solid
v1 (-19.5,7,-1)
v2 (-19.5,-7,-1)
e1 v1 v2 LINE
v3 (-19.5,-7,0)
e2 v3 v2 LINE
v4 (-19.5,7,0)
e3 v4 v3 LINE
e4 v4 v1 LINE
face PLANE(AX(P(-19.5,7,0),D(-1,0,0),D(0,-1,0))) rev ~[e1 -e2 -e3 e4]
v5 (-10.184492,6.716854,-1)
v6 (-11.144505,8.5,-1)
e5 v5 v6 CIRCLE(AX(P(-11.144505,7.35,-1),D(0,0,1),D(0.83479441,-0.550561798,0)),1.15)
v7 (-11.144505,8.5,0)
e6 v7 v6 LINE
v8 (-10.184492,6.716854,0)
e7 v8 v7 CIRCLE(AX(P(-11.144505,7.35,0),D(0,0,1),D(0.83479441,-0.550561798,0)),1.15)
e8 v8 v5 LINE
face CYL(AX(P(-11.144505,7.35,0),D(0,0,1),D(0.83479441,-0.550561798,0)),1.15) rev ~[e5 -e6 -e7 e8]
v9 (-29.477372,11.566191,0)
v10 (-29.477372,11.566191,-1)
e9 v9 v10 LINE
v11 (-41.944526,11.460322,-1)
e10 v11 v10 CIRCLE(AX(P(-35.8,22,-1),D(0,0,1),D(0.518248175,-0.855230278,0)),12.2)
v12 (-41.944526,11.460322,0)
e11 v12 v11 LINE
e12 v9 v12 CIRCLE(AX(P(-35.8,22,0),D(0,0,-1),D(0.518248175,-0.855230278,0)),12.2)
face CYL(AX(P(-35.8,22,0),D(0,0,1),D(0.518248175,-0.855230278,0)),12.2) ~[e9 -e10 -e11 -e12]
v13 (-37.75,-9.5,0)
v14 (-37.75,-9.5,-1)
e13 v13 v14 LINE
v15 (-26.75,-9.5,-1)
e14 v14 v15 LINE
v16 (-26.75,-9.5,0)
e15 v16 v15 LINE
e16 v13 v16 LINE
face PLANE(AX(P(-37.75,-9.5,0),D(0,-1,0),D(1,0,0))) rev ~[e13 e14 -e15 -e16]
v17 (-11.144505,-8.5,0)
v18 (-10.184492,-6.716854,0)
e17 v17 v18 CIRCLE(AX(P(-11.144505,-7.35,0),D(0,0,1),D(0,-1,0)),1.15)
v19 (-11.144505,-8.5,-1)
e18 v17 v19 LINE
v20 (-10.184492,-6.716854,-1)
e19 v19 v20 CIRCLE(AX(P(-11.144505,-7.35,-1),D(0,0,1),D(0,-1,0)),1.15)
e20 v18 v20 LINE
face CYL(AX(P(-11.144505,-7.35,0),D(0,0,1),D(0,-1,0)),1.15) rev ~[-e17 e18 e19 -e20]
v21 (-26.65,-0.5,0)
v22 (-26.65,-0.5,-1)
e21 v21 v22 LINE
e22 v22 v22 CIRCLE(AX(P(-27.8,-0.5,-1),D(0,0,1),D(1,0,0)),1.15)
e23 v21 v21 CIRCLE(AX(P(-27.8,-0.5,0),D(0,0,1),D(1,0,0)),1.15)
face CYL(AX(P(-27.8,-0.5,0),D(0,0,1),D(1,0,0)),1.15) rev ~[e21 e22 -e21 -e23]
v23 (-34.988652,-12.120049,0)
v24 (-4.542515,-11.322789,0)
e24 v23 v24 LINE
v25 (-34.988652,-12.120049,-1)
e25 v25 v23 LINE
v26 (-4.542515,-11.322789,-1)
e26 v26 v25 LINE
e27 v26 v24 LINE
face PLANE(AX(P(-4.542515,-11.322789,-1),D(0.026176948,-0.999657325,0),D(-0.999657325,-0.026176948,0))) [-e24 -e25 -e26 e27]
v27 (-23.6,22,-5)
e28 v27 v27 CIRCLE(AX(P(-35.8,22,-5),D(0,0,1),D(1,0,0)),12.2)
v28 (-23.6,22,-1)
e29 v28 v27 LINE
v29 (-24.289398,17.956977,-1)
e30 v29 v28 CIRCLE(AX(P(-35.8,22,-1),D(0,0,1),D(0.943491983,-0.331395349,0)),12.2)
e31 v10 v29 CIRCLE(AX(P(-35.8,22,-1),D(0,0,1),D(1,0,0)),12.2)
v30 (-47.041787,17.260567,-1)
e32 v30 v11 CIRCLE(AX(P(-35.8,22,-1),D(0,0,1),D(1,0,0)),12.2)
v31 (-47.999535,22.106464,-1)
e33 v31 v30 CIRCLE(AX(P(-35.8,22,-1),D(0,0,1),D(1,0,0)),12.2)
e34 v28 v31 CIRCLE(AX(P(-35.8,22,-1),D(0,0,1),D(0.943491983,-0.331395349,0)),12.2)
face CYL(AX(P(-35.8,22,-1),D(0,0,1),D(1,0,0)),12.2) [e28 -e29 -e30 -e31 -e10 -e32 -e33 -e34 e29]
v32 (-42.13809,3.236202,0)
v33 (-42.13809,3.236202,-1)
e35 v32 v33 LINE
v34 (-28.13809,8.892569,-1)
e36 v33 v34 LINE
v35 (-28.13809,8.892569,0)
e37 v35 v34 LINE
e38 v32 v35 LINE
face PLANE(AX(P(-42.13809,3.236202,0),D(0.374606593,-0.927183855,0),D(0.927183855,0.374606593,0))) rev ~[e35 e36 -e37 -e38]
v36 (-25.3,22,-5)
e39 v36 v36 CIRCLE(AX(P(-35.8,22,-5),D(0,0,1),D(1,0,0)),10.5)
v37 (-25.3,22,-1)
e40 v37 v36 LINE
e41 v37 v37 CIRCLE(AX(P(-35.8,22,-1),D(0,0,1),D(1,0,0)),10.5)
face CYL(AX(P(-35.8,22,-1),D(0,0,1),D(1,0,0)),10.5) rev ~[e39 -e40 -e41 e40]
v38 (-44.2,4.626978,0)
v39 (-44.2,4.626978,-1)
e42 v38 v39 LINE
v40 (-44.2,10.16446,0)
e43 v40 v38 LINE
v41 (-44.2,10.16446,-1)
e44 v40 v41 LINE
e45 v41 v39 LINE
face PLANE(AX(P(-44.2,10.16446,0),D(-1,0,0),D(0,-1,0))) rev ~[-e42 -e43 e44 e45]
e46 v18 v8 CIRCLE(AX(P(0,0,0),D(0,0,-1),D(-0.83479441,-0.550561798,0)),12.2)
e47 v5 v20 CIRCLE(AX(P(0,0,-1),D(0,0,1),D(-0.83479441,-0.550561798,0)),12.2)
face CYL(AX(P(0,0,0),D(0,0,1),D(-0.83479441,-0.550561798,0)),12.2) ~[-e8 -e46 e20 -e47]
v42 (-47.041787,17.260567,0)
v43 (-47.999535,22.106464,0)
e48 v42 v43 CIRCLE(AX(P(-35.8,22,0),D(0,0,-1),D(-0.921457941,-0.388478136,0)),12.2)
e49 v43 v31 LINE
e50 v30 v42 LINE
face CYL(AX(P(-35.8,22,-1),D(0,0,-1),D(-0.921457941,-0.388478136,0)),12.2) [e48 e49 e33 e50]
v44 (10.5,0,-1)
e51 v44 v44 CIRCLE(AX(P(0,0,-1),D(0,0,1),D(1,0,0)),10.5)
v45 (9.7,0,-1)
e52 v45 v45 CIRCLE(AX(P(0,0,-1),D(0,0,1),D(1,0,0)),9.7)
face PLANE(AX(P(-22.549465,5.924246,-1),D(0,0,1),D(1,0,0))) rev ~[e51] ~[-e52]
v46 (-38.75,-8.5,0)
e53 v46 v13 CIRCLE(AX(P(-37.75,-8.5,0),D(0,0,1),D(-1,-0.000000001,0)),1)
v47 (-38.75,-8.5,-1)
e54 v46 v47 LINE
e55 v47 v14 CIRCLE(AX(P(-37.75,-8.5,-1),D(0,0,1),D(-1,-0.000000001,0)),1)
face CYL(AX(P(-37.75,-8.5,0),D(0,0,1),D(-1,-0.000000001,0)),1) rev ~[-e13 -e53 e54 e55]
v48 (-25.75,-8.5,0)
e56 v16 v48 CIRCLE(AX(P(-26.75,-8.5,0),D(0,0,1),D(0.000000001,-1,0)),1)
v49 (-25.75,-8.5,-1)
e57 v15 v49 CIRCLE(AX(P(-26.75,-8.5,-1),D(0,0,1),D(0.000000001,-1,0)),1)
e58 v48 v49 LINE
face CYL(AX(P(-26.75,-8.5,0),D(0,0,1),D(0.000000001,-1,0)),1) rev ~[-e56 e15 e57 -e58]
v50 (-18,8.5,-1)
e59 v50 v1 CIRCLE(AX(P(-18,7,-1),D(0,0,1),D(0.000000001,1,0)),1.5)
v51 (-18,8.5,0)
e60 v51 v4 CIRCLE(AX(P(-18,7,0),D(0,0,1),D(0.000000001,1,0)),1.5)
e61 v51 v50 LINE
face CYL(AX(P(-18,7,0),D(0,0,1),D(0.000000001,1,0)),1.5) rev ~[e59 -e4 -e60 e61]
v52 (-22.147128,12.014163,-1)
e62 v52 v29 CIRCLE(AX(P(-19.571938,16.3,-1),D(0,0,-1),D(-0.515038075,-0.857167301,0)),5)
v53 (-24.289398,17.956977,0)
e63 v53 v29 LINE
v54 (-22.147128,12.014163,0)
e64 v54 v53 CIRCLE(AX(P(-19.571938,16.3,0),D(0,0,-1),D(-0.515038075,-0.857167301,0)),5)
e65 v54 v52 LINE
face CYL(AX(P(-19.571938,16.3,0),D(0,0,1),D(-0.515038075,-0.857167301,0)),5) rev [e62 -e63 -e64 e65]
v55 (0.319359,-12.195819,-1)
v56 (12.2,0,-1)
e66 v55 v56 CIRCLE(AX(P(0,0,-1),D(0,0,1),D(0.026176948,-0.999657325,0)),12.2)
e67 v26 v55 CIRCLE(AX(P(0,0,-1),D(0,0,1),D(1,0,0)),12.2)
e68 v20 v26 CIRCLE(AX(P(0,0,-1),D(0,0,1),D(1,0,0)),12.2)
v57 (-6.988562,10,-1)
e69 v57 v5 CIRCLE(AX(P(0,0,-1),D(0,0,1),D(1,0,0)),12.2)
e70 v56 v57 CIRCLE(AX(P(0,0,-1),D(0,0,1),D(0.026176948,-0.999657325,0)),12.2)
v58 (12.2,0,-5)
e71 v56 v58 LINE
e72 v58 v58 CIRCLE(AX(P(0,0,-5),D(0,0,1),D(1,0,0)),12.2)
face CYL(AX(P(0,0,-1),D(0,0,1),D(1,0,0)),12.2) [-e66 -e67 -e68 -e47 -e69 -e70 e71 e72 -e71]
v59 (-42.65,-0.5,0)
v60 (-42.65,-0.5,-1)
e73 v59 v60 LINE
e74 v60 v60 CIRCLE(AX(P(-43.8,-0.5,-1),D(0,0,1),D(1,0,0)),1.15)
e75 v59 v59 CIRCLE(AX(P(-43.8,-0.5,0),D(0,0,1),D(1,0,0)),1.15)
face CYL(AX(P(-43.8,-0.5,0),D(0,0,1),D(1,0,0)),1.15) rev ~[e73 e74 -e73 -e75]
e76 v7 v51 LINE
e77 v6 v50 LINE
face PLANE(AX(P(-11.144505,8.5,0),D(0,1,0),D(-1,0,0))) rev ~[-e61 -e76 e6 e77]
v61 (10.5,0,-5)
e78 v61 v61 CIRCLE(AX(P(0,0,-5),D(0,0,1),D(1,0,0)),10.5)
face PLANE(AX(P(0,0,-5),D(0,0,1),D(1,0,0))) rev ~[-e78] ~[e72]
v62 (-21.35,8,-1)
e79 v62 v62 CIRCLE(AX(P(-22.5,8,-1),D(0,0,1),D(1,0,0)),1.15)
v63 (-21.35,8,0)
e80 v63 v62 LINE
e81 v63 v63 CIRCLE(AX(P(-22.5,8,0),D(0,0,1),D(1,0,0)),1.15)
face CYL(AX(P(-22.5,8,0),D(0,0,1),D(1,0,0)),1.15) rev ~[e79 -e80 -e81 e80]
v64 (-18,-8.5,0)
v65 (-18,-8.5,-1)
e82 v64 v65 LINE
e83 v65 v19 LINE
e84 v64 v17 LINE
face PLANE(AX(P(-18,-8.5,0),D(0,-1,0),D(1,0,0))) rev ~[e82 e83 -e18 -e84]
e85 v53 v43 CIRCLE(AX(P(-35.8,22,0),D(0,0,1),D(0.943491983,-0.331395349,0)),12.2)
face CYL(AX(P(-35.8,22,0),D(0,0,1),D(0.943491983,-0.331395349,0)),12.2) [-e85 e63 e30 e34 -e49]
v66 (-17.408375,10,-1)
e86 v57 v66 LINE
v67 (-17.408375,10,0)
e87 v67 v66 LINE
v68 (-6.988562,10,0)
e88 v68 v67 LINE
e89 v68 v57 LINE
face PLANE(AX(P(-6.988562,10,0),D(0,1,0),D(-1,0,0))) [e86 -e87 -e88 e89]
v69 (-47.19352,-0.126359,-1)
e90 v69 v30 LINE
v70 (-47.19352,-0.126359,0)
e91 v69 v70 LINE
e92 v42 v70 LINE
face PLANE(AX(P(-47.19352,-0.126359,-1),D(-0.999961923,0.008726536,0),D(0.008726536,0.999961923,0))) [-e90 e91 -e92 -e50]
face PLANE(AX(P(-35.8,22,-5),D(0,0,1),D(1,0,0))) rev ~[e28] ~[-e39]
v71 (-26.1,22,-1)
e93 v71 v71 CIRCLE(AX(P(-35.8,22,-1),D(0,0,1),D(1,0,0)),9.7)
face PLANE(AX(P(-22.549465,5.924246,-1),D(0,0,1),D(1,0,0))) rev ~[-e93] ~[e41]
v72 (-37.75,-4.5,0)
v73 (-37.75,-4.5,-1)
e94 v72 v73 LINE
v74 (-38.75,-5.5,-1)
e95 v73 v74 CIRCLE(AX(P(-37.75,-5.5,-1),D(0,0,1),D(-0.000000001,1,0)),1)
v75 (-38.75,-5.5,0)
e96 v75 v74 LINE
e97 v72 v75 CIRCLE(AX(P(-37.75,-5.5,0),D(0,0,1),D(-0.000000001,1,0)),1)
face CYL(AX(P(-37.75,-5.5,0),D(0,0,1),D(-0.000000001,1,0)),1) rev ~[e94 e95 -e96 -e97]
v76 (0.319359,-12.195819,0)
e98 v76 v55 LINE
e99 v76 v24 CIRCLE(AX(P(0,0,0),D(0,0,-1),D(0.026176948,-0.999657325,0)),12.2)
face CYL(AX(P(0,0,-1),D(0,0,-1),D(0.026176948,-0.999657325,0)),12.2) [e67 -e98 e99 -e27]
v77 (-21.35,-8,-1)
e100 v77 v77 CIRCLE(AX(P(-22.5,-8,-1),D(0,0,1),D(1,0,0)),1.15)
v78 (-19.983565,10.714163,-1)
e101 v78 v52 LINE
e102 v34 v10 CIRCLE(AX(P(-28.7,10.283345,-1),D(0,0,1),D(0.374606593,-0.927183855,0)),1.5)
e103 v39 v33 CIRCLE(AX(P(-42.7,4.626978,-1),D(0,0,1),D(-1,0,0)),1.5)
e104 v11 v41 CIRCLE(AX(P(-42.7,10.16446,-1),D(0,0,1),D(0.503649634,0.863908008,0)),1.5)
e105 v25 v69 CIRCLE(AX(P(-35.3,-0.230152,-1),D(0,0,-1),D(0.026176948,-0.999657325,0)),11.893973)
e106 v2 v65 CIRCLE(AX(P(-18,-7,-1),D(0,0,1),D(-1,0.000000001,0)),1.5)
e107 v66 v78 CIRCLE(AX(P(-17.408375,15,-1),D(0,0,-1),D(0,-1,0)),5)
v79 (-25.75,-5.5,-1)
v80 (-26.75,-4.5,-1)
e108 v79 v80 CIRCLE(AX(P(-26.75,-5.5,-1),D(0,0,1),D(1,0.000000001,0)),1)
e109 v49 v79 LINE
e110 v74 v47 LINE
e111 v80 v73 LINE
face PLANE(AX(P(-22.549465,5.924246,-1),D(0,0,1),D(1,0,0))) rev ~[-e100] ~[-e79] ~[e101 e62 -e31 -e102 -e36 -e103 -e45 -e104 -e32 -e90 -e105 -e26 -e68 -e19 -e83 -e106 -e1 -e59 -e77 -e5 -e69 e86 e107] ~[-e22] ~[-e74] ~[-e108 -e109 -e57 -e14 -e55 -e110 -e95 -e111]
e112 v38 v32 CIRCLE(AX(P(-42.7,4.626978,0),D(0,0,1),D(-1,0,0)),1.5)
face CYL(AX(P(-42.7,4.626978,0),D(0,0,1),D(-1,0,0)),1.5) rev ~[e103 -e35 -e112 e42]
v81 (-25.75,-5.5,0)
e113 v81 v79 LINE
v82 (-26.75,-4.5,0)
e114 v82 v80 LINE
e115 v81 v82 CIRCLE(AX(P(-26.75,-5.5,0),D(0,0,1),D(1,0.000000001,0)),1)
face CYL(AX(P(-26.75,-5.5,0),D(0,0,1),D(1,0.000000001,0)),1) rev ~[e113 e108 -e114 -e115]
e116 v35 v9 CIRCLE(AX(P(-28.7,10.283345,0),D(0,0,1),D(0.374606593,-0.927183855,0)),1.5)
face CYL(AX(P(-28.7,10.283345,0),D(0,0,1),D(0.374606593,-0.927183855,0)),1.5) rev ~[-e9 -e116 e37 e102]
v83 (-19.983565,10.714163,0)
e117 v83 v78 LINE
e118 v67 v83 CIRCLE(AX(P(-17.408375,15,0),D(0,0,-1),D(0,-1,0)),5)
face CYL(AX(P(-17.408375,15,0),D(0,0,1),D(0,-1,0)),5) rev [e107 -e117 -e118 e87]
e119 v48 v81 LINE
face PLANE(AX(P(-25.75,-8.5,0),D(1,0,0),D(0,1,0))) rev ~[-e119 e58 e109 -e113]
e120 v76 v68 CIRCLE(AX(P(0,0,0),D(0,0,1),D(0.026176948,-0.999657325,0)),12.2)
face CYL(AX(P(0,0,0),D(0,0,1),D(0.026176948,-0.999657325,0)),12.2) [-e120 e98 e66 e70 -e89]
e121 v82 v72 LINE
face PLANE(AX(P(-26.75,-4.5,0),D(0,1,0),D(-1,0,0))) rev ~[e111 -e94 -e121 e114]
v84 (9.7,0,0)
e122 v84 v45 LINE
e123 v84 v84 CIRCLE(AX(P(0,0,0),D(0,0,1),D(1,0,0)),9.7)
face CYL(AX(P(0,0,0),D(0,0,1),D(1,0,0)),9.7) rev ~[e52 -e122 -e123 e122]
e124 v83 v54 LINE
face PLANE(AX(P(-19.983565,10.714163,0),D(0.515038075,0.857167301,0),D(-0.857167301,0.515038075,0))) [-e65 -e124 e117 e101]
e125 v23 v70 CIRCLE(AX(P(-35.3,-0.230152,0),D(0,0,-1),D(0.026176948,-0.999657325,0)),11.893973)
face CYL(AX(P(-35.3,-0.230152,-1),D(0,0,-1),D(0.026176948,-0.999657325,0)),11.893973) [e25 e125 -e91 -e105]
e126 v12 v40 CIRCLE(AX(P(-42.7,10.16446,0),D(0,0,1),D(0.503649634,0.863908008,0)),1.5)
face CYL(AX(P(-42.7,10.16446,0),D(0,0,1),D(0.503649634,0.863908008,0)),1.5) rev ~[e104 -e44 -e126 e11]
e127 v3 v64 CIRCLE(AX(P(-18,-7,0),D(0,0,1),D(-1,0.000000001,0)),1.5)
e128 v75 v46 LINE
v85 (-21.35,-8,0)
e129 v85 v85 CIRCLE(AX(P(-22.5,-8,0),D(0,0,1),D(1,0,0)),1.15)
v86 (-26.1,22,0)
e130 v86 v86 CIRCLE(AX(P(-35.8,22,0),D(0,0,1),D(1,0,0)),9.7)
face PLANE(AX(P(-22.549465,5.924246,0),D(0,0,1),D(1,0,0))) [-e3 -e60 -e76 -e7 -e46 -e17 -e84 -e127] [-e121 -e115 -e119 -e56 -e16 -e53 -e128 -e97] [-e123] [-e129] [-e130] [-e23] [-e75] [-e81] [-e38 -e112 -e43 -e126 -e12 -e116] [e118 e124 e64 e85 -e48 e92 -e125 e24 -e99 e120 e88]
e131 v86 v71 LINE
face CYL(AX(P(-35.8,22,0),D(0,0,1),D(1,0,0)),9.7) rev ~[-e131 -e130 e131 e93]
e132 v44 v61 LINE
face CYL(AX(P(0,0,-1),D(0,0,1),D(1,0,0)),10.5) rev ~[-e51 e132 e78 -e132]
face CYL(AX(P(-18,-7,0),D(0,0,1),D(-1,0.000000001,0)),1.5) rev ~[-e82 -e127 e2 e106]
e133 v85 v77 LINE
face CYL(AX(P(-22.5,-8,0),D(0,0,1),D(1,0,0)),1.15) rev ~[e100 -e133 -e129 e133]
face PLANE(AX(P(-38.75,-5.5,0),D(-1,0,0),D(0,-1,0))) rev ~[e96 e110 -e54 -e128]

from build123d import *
from build123d.topology import SkipClean

# Parameters (mm, degrees)
EXTRUDE_1_DEPTH     = 1
SKETCH_3_R          = 9.7
SKETCH_3_R_2        = 1.15
CUT_EXTRUDE_1_DEPTH = 60.104137335
SKETCH_4_R          = 12.2
SKETCH_4_R_2        = 10.5
EXTRUDE_2_DEPTH     = 4
CUT_EXTRUDE_2_DEPTH = 60.230896077


with BuildPart() as part:
    # 草图2 → 凸台-拉伸1 (new body)
    with BuildSketch(Plane.XY):
        with BuildLine():
            Line((-47.999535461, 22.106463733), (-48.193482209, -0.117632256))
            ThreePointArc((-48.193482209, -0.117632256), (-44.33750525, -9.426784127), (-34.962475131, -13.1197067))
            Line((-34.962475131, -13.1197067), (0.319358769, -12.195819365))
            ThreePointArc((0.319358769, -12.195819365), (11.588061422, 3.815341724), (-6.988562084, 10))
            Line((-6.988562084, 10), (-17.408374558, 10))
            ThreePointArc((-17.408374558, 10), (-18.744566439, 10.181847734), (-19.983564933, 10.714163496))
            Line((-19.983564933, 10.714163496), (-22.14712826, 12.014163496))
            ThreePointArc((-22.14712826, 12.014163496), (-24.275653905, 14.604401107), (-24.289397802, 17.956976744))
            ThreePointArc((-24.289397802, 17.956976744), (-33.696855253, 34.017353376), (-47.999535461, 22.106463733))
        make_face()
    extrude(amount=-EXTRUDE_1_DEPTH)

    # 草图3 → 切除-拉伸1 (cut, through all)
    with BuildSketch(Plane.XY):
        with BuildLine():
            ThreePointArc((-18, 8.5), (-19.060660172, 8.060660172), (-19.5, 7))
            Line((-19.5, 7), (-19.5, -7))
            ThreePointArc((-19.5, -7), (-19.060660172, -8.060660172), (-18, -8.5))
            Line((-18, -8.5), (-11.144505373, -8.5))
            ThreePointArc((-11.144505373, -8.5), (-10.131929949, -7.895152283), (-10.184491801, -6.716853933))
            ThreePointArc((-10.184491801, -6.716853933), (-12.2, 0), (-10.184491801, 6.716853933))
            ThreePointArc((-10.184491801, 6.716853933), (-10.131929949, 7.895152283), (-11.144505373, 8.5))
            Line((-11.144505373, 8.5), (-18, 8.5))
        make_face()
        with BuildLine():
            ThreePointArc((-41.944525547, 11.460322311), (-43.44725776, 11.465077783), (-44.2, 10.1644603))
            Line((-44.2, 10.1644603), (-44.2, 4.626978026))
            ThreePointArc((-44.2, 4.626978026), (-43.538789355, 3.383421667), (-42.13809011, 3.236202244))
            Line((-42.13809011, 3.236202244), (-28.13809011, 8.892569405))
            ThreePointArc((-28.13809011, 8.892569405), (-27.358855493, 10.955157224), (-29.477372263, 11.566190605))
            ThreePointArc((-29.477372263, 11.566190605), (-35.696404047, 9.800439849), (-41.944525547, 11.460322311))
        make_face()
        with BuildLine():
            Line((-26.75, -4.5), (-37.75, -4.5))
            ThreePointArc((-37.75, -4.5), (-38.457106781, -4.792893219), (-38.75, -5.5))
            Line((-38.75, -5.5), (-38.75, -8.5))
            ThreePointArc((-38.75, -8.5), (-38.457106781, -9.207106781), (-37.75, -9.5))
            Line((-37.75, -9.5), (-26.75, -9.5))
            ThreePointArc((-26.75, -9.5), (-26.042893219, -9.207106781), (-25.75, -8.5))
            Line((-25.75, -8.5), (-25.75, -5.5))
            ThreePointArc((-25.75, -5.5), (-26.042893219, -4.792893219), (-26.75, -4.5))
        make_face()
        Circle(SKETCH_3_R)
        with Locations((-35.8, 22)):
            Circle(SKETCH_3_R)
        with Locations((-43.8, -0.5)):
            Circle(SKETCH_3_R_2)
        with Locations((-27.8, -0.5)):
            Circle(SKETCH_3_R_2)
        with Locations((-22.5, 8)):
            Circle(SKETCH_3_R_2)
        with Locations((-22.5, -8)):
            Circle(SKETCH_3_R_2)
    extrude(amount=-CUT_EXTRUDE_1_DEPTH, mode=Mode.SUBTRACT)

    # 草图4 → 凸台-拉伸2 (add)
    # profile 1 of 2: a face of its own
    with BuildSketch(Plane.XY.offset(-1)):
        with Locations((-35.8, 22)):
            Circle(SKETCH_4_R)
        with Locations((-35.8, 22)):
            Circle(SKETCH_4_R_2, mode=Mode.SUBTRACT)
    # profile 2 of 2: a face of its own
    with BuildSketch(Plane.XY.offset(-1)):
        Circle(SKETCH_4_R)
        Circle(SKETCH_4_R_2, mode=Mode.SUBTRACT)
    extrude(amount=-EXTRUDE_2_DEPTH)

    # 草图6 → 切除-拉伸2 (cut, through all)
    with SkipClean():  # the faces are left unmerged after this step: merging them gives an invalid solid
        with BuildSketch(Plane(origin=(0, 0, -1), x_dir=(-1, 0, 0), z_dir=(0, 0, -1))):
            with BuildLine():
                Line((47.999535461, 22.106463733), (48.193482209, -0.117632256))
                ThreePointArc((48.193482209, -0.117632256), (44.33750525, -9.426784127), (34.962475131, -13.1197067))
                Line((34.962475131, -13.1197067), (-0.319358769, -12.195819365))
                ThreePointArc((-0.319358769, -12.195819365), (2.156225392, -12.007942874), (4.542515187, -11.322789222))
                Line((4.542515187, -11.322789222), (34.988652079, -12.120049375))
                ThreePointArc((34.988652079, -12.120049375), (43.636595985, -8.713533678), (47.193520286, -0.126358792))
                Line((47.193520286, -0.126358792), (47.041786885, 17.26056674))
                ThreePointArc((47.041786885, 17.26056674), (47.768482684, 19.634535512), (47.999535461, 22.106463733))
            make_face()
        extrude(amount=-CUT_EXTRUDE_2_DEPTH, mode=Mode.SUBTRACT)


solid = part.part
